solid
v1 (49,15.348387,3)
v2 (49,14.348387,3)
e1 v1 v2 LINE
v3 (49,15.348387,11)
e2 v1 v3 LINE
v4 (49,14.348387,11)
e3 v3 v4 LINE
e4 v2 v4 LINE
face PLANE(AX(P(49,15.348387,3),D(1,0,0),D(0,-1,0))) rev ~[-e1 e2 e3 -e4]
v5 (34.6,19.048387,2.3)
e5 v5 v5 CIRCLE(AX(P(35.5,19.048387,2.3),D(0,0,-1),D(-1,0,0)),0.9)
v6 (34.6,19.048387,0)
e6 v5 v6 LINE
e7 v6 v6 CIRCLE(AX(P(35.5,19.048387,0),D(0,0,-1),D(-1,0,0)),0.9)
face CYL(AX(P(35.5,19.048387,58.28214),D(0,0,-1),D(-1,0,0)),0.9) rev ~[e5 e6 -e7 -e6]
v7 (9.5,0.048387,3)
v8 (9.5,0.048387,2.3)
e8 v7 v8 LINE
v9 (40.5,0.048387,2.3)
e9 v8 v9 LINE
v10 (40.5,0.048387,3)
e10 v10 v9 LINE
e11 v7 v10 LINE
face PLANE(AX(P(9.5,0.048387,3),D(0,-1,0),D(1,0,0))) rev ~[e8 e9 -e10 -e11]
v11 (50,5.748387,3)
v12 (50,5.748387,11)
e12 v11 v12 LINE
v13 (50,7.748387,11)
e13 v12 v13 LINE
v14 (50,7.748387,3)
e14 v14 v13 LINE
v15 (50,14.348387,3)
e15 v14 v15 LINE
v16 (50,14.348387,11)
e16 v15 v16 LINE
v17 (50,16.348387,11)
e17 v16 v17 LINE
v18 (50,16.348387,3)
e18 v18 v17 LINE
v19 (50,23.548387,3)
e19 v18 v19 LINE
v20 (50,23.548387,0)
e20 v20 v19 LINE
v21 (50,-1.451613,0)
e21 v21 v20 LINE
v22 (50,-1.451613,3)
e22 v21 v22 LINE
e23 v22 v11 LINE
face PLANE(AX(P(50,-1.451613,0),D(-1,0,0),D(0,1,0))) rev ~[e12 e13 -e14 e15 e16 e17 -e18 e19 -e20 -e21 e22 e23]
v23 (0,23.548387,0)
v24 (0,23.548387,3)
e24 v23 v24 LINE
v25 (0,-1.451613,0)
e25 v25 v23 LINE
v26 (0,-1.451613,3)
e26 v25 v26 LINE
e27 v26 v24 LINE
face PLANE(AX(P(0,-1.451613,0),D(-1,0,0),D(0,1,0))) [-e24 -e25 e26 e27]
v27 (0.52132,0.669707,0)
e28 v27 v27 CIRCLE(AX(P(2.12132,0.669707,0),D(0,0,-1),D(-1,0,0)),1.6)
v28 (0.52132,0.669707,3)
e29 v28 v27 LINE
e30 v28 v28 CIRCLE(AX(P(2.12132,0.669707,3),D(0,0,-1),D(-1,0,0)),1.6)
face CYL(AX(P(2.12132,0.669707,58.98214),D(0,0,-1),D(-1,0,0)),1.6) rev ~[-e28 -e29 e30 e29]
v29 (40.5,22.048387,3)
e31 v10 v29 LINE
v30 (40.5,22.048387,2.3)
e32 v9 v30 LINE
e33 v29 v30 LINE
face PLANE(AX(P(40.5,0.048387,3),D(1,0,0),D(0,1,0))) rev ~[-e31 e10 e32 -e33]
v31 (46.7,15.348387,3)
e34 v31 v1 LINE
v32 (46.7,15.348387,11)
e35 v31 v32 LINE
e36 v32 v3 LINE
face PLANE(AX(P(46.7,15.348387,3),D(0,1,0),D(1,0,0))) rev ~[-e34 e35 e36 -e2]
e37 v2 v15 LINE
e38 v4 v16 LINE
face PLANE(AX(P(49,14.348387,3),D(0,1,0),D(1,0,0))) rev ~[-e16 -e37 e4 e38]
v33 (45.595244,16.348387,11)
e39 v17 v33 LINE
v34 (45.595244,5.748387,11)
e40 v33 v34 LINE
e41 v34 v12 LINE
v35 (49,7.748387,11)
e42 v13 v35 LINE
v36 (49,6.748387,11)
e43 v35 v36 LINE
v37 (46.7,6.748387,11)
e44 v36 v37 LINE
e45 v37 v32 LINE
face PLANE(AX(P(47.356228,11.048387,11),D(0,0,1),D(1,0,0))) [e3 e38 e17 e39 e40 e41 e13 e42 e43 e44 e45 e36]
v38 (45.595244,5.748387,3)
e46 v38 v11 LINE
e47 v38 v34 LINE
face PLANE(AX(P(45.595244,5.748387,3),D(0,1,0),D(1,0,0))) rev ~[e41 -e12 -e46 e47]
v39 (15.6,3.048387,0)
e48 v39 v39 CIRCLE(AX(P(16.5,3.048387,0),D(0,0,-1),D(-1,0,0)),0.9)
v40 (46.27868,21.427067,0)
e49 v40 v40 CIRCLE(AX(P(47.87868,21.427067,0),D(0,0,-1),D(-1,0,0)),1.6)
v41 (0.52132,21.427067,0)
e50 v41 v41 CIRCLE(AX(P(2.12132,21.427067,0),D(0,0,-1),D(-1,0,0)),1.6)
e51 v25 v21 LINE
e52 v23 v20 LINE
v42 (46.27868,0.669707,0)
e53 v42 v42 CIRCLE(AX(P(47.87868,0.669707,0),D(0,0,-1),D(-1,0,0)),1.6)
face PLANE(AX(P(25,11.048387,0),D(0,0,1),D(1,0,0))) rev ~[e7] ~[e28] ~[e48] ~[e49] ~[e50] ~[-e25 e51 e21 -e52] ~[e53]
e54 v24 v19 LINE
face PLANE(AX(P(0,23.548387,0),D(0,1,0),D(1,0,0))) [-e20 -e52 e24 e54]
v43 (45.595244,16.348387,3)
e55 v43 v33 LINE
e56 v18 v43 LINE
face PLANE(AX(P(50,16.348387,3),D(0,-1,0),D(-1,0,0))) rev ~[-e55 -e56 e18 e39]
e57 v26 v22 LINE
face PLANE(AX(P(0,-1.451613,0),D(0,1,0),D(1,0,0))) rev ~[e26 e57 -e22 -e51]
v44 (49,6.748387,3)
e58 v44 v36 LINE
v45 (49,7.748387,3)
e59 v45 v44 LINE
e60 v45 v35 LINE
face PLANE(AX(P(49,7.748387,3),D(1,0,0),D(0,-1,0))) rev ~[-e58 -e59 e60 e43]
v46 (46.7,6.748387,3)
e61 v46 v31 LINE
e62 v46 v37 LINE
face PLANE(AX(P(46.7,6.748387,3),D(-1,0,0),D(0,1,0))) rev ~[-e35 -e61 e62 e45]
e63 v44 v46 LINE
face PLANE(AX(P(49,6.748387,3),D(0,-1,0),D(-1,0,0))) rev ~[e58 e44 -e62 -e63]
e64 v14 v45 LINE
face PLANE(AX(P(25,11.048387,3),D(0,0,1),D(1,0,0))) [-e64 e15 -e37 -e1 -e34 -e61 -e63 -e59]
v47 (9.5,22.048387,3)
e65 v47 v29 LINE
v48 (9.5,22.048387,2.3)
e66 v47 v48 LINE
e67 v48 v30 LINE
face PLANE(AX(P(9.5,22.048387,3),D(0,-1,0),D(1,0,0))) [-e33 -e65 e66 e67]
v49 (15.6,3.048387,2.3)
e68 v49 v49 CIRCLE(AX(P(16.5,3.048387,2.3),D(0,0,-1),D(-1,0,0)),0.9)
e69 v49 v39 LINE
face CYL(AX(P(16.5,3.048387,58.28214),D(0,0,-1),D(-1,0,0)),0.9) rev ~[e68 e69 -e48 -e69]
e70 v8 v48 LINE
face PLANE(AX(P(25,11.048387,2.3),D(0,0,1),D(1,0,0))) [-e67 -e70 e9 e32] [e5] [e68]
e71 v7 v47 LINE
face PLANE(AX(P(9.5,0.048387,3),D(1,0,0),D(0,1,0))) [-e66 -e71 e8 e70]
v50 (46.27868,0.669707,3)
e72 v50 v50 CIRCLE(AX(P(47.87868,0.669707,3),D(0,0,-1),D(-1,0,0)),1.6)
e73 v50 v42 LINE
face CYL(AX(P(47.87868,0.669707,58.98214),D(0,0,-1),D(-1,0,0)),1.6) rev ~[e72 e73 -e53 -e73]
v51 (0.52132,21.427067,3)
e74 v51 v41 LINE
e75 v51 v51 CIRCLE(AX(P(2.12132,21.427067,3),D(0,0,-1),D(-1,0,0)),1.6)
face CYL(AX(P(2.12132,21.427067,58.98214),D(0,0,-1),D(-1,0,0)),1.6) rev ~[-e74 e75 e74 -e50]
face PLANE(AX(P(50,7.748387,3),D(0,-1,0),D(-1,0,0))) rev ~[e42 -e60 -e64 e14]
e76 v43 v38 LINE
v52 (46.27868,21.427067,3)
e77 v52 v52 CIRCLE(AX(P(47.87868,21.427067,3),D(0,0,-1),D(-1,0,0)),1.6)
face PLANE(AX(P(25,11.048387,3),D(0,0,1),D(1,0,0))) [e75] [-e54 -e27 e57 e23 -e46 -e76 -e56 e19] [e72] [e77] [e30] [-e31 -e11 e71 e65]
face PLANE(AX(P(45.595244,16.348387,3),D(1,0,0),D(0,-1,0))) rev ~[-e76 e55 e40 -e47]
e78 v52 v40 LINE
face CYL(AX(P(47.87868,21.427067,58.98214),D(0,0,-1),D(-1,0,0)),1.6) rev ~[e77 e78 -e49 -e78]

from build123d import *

# Parameters (mm, degrees)
F0_W     = 50
F0_H     = 25
F1_DEPTH = 3
F3_D     = 3.2
F4_W     = 31
F4_H     = 22
F5_DEPTH = 0.7
F7_D     = 1.8
F9_DEPTH = 8


with BuildPart() as f1:
    # F0 (on Top) → F1 (new body)
    with BuildSketch(Plane.XY):
        with Locations((25, 11.048387)):
            Rectangle(F0_W, F0_H)
    extrude(amount=F1_DEPTH)

    # F3 (through all)
    with Locations(Plane.XY.offset(3)):
        with Locations((2.12132, 21.427067), (47.87868, 21.427067), (47.87868, 0.669707), (2.12132, 0.669707)):
            Hole(F3_D / 2)

    # F4 (on face) → F5 (cut)
    with BuildSketch(Plane.XY.offset(3)):
        with Locations((25, 11.048387)):
            Rectangle(F4_W, F4_H)
    extrude(amount=-F5_DEPTH, mode=Mode.SUBTRACT)

    # F7 (through all)
    with Locations(Plane.XY.offset(2.3)):
        with Locations((16.5, 3.048387), (35.5, 19.048387)):
            Hole(F7_D / 2)

    # F8 (on face) → F9 (join)
    with BuildSketch(Plane.XY.offset(3)):
        Polygon((49, 15.348387), (49, 14.348387), (50, 14.348387), (50, 16.348387), (49, 16.348387), (45.595244, 16.348387), (45.595244, 15.348387), (45.595244, 6.748387), (45.595244, 5.748387), (49, 5.748387), (50, 5.748387), (50, 7.748387), (49, 7.748387), (49, 6.748387), (46.7, 6.748387), (46.7, 15.348387), align=None)
    extrude(amount=F9_DEPTH)


solid = f1.part
